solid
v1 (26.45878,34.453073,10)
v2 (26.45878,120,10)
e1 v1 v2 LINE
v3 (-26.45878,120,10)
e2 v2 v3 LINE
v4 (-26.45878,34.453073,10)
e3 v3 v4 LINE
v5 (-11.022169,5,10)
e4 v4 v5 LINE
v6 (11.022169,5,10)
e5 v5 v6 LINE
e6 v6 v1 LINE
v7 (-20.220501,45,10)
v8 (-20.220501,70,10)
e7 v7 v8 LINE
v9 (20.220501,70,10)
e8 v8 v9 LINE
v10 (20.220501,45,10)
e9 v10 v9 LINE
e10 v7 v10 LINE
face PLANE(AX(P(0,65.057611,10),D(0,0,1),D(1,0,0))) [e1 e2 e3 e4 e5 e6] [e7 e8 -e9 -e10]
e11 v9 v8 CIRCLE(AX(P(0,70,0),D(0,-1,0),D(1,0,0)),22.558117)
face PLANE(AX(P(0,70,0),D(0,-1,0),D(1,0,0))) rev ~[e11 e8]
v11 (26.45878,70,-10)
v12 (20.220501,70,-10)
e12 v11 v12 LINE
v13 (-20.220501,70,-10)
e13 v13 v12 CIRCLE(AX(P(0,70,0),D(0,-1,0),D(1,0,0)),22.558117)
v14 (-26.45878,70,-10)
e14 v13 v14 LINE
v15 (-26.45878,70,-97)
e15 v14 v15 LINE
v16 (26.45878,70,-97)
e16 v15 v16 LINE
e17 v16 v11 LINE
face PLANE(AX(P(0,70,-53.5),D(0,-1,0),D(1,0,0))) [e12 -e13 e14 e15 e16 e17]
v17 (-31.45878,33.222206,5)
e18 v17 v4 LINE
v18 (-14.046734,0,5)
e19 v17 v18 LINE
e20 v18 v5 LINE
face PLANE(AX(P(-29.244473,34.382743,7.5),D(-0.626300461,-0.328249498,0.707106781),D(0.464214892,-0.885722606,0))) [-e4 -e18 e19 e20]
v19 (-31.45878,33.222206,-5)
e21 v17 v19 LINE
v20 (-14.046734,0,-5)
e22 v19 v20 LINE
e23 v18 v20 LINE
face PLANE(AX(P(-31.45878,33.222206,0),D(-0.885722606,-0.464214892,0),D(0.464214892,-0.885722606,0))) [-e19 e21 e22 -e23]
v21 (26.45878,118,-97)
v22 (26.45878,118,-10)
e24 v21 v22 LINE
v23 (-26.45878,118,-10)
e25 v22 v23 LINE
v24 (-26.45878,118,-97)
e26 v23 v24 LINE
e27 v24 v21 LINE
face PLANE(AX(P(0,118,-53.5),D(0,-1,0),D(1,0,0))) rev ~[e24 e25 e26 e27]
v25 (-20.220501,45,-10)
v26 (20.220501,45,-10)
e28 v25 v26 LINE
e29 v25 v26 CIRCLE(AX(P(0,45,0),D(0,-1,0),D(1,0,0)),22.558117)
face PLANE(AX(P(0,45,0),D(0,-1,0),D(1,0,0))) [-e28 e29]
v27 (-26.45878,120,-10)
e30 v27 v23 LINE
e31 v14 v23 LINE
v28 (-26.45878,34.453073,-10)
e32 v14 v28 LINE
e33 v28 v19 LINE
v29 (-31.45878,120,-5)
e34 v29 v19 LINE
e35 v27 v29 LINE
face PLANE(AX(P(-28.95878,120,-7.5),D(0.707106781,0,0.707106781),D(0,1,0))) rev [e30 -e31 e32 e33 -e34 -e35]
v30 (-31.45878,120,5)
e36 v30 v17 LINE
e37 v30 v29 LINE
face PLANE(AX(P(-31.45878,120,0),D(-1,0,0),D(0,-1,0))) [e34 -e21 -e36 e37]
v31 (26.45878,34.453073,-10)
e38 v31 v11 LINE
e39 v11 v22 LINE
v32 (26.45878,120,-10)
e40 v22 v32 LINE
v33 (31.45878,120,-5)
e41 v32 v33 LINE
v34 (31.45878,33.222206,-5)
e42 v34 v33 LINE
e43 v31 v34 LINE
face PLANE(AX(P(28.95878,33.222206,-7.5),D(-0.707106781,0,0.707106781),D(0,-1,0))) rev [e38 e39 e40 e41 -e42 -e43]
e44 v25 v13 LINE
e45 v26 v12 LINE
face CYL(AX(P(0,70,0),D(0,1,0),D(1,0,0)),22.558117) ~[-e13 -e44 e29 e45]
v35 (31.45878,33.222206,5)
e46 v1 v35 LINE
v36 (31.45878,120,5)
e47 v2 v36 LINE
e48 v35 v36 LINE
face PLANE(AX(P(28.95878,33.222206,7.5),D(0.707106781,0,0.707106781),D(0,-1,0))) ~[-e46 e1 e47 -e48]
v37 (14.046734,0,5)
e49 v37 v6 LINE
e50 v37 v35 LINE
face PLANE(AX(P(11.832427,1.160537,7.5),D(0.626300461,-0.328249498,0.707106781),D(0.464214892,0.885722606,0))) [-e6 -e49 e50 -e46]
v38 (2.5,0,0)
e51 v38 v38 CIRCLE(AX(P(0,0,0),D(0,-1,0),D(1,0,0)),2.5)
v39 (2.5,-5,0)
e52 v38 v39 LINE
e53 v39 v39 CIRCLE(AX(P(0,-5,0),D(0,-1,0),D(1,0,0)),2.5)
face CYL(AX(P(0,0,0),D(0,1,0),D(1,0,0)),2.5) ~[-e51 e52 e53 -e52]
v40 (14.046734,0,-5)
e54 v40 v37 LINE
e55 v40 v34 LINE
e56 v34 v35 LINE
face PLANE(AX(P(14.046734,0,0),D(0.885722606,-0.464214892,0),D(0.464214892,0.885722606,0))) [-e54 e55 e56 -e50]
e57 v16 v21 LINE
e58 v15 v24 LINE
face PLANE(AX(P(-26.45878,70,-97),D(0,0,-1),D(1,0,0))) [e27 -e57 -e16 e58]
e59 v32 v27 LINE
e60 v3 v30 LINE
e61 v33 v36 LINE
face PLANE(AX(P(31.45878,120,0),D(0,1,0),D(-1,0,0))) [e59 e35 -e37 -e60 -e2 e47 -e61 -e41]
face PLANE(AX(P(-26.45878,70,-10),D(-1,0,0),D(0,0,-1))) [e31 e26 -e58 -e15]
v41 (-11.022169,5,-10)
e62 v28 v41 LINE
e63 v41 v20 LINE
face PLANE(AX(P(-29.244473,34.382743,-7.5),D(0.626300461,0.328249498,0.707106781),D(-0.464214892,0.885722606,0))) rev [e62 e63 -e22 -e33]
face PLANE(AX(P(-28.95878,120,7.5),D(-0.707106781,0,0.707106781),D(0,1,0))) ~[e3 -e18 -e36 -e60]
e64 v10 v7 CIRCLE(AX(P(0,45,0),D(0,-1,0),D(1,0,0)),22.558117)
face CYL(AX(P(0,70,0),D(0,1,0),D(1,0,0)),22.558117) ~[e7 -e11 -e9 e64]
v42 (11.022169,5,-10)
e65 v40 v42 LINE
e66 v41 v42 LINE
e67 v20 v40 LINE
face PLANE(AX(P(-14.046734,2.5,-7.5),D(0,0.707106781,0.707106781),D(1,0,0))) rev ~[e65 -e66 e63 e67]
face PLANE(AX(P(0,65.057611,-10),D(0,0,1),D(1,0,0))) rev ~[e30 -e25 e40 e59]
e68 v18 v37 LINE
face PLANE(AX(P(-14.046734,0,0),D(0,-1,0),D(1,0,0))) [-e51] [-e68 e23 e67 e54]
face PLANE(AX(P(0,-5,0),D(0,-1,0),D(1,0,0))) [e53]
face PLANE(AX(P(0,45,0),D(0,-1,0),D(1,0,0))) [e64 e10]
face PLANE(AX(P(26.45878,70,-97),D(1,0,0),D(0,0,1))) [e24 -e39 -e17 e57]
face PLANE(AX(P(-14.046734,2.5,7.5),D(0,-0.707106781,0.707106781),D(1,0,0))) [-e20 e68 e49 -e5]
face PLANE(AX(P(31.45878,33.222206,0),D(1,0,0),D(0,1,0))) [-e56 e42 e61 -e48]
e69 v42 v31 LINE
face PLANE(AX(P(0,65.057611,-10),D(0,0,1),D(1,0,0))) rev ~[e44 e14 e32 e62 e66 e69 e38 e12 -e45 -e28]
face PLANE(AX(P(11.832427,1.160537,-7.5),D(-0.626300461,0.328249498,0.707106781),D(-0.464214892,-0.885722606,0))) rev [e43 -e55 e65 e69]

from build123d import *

# Parameters (mm, degrees)
F0_R     = 2.5
F1_DEPTH = 5
F3_DEPTH = 10
F4_SIZE  = 5
F6_R     = 22.558117
F7_DEPTH = 25
F9_DEPTH = 48


with BuildPart() as f1:
    # F0 (on Front) → F1 (new body)
    with BuildSketch(Plane.XZ):
        Circle(F0_R)
    extrude(amount=F1_DEPTH)

    # F2 (on Top) → F3 (join, symmetric)
    with BuildSketch(Plane.XY):
        Polygon((-14.046734, 0), (0, 0), (14.046734, 0), (31.45878, 33.222206), (31.45878, 120), (0, 120), (-31.45878, 120), (-31.45878, 33.222206), align=None)
    extrude(amount=F3_DEPTH, both=True)

    # F4
    f4_edges = [f1.edges().sort_by_distance(p)[0] for p in [
        (-31.45878, 76.611103, -10),
        (-22.752757, 16.611103, -10),
        (0, 0, -10),
        (22.752757, 16.611103, -10),
        (31.45878, 76.611103, -10),
        (31.45878, 76.611103, 10),
        (22.752757, 16.611103, 10),
        (0, 0, 10),
        (-22.752757, 16.611103, 10),
        (-31.45878, 76.611103, 10),
    ]]
    chamfer(f4_edges, length=F4_SIZE)

    # F6 (on offset) → F7 (join)
    with BuildSketch(Plane.XZ.offset(-70)):
        Circle(F6_R)
    extrude(amount=F7_DEPTH)

    # F8 (on offset) → F9 (join)
    with BuildSketch(Plane.XZ.offset(-70)):
        Polygon((26.45878, -97), (26.45878, -10), (0, -10), (-26.45878, -10), (-26.45878, -97), (0, -97), align=None)
    extrude(amount=-F9_DEPTH)


solid = f1.part
